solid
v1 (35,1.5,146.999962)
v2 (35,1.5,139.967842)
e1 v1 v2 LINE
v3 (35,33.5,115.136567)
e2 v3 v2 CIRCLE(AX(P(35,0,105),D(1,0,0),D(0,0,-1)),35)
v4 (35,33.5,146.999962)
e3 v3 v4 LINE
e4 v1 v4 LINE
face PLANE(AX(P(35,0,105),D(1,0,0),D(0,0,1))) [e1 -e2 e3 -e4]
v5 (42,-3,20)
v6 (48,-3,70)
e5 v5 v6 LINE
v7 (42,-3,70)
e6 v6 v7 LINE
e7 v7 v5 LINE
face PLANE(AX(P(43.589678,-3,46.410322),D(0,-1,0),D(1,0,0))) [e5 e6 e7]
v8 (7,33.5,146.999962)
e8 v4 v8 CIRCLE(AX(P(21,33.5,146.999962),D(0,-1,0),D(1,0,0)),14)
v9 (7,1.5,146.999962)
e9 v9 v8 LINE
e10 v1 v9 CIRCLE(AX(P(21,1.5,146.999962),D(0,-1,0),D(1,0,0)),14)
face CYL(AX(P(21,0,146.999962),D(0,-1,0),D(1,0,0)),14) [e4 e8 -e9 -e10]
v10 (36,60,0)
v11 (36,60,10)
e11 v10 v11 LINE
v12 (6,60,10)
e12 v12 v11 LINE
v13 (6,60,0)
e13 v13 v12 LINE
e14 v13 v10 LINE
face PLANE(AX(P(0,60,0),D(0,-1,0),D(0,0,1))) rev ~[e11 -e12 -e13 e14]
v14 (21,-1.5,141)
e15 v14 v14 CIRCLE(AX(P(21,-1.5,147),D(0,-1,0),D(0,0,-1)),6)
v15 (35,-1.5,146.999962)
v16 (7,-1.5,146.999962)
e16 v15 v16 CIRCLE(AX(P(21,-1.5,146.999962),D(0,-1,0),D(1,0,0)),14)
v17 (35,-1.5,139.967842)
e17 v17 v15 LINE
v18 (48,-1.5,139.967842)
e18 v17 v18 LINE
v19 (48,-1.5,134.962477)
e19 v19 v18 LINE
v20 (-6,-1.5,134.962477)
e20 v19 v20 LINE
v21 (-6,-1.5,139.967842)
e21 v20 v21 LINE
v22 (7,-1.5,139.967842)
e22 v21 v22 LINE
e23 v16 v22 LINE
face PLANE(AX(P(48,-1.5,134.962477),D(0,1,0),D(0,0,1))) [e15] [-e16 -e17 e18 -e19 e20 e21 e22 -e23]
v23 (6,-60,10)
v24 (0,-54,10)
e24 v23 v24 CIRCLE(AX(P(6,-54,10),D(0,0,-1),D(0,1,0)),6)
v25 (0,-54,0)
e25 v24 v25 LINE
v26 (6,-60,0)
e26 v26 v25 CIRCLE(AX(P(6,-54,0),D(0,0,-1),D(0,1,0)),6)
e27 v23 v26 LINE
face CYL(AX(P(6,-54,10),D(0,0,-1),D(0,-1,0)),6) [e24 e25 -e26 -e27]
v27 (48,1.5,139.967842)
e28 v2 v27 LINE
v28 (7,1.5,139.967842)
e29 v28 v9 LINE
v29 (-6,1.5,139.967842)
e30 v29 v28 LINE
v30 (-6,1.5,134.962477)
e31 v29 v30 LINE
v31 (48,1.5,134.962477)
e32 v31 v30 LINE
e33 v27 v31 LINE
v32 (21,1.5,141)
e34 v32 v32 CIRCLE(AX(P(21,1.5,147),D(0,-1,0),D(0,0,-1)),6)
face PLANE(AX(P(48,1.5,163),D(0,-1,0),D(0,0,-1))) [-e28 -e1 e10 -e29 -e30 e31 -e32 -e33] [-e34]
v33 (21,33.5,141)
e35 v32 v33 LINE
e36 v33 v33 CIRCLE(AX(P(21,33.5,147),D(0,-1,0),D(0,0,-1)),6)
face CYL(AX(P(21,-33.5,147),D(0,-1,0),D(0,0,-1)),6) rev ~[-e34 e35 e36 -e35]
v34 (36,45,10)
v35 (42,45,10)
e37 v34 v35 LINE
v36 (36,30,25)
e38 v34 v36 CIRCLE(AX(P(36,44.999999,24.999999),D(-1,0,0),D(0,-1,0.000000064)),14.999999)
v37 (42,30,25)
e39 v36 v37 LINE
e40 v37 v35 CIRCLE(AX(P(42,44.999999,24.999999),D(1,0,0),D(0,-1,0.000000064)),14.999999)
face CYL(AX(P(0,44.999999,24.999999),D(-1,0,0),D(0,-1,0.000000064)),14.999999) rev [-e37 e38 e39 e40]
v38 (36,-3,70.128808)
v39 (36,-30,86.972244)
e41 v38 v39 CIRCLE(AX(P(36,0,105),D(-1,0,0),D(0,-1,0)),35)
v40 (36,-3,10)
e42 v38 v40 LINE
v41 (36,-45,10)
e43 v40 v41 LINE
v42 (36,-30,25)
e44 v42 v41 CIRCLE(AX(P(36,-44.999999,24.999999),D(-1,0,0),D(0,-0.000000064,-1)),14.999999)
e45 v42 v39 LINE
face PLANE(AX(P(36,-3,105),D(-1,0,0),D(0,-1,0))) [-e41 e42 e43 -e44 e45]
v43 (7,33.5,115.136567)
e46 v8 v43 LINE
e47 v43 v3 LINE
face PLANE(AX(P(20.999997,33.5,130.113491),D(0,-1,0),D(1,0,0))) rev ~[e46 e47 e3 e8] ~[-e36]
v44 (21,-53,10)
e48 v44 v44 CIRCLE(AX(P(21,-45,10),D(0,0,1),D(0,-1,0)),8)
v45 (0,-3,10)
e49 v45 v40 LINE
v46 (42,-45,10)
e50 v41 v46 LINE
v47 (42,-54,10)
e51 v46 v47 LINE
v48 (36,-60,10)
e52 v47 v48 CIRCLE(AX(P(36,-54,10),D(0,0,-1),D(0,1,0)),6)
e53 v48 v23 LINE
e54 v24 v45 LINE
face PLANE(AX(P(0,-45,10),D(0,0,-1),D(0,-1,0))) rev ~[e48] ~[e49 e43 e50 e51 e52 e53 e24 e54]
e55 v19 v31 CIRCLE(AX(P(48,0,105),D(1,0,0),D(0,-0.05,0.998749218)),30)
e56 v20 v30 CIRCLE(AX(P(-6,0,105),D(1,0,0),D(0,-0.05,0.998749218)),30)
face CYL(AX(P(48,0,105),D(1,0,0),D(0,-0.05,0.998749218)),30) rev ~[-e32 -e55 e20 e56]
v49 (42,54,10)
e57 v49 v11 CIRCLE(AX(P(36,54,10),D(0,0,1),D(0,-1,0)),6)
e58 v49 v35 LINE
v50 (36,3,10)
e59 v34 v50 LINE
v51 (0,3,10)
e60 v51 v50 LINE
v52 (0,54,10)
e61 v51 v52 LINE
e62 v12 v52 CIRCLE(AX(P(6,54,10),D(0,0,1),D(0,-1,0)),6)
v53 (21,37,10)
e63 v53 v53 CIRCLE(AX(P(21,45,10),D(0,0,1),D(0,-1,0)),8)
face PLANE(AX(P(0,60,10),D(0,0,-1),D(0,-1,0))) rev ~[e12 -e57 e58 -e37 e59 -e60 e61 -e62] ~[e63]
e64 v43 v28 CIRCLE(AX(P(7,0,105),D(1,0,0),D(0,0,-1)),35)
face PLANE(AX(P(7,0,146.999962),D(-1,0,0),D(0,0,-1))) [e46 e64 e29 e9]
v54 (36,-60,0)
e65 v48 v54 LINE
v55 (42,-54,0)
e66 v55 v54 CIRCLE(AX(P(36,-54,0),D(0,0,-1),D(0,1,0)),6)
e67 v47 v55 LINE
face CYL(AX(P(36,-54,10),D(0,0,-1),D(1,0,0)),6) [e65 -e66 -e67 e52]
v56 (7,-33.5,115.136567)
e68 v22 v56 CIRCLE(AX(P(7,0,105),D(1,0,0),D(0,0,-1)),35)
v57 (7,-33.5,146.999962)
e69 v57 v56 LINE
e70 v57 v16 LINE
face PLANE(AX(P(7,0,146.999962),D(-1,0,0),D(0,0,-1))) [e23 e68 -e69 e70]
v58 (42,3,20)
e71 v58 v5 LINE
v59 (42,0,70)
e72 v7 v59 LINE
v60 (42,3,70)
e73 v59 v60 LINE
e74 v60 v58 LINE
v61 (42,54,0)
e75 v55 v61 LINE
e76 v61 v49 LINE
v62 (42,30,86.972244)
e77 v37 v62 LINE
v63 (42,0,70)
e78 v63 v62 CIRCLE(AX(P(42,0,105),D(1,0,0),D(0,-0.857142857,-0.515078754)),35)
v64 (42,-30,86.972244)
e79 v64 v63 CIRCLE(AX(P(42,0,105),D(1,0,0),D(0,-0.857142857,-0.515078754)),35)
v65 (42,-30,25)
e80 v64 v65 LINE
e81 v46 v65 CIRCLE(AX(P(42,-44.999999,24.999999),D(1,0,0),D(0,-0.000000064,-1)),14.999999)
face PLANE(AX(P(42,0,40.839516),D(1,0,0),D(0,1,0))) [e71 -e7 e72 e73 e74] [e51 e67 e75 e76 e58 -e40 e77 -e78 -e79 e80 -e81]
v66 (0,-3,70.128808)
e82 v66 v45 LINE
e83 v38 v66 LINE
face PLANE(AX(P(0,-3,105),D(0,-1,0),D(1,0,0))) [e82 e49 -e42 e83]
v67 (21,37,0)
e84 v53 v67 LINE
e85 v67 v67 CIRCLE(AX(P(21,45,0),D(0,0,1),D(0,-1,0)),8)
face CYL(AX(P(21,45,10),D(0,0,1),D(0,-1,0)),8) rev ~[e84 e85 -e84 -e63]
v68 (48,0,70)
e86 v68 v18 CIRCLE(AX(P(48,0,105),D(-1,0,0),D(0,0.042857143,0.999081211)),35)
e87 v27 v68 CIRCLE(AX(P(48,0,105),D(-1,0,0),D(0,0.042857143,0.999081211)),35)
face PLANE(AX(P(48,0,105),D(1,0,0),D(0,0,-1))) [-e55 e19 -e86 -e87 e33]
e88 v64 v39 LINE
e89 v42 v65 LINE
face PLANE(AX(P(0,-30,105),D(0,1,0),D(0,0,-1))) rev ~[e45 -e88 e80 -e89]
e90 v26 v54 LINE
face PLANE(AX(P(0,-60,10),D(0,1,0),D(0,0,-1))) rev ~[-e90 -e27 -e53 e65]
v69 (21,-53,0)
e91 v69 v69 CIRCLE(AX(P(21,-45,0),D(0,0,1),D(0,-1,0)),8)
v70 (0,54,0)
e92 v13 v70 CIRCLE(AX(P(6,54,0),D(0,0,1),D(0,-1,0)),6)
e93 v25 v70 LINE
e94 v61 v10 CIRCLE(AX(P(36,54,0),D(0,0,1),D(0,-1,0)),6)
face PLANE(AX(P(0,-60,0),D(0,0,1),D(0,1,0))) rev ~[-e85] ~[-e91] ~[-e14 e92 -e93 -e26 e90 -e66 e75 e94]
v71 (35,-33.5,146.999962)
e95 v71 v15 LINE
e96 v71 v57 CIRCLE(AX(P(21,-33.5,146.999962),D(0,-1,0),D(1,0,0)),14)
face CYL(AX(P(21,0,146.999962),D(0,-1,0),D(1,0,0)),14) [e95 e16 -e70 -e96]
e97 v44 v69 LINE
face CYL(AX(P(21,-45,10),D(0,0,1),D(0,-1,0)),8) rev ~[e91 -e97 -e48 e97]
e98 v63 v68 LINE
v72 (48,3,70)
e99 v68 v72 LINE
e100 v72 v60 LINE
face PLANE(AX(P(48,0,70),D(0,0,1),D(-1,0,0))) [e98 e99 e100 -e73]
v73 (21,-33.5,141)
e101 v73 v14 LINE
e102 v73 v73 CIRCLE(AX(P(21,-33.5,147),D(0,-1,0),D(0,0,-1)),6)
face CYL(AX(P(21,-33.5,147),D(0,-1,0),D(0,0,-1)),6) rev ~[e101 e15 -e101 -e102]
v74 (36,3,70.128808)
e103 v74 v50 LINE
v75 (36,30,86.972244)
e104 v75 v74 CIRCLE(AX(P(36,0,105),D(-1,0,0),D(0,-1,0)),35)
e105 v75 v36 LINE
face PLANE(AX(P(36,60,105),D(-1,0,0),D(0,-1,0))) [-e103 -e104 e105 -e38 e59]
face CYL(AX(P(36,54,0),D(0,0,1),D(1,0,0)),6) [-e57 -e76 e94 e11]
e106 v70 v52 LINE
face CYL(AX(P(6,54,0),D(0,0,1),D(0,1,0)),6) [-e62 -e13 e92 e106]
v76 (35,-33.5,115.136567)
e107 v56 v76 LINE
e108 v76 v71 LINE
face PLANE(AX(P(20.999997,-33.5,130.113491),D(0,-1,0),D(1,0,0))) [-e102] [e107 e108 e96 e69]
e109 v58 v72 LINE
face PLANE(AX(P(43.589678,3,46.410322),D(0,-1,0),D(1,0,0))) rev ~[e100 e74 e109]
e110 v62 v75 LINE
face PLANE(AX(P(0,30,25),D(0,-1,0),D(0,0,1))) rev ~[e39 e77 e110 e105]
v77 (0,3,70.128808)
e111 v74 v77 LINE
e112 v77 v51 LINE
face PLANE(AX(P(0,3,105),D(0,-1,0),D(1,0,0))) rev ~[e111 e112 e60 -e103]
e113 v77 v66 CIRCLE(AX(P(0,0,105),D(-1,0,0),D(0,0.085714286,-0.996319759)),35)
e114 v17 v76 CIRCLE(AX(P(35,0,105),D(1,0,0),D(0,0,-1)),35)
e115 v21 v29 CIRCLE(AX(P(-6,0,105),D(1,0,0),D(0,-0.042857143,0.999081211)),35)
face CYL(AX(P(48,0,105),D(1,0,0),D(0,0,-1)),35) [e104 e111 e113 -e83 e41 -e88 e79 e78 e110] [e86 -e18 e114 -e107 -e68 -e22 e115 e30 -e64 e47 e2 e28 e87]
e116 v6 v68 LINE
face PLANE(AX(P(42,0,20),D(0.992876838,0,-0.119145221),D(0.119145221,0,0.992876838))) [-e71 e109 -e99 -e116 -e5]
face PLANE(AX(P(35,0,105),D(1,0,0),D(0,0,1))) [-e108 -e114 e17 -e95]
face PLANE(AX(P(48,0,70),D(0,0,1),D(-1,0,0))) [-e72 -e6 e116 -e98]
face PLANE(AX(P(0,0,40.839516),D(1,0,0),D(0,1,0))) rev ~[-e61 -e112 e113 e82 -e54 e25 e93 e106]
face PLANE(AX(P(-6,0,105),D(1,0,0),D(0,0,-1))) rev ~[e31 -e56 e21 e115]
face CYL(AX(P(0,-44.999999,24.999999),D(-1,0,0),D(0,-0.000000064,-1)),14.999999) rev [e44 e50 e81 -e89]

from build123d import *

# Parameters (mm, degrees)
PAD_DEPTH       = 42
SKETCH001_W     = 57
SKETCH001_H     = 36
POCKET_DEPTH    = 95
FILLET_R        = 6
FILLET001_R     = 6
FILLET002_R     = 6
FILLET003_R     = 6
SKETCH002_R     = 8
POCKET001_DEPTH = 10.001
POCKET002_DEPTH = 42.001
SKETCH004_R     = 35
PAD001_DEPTH    = 54
PAD002_DEPTH    = 33.5
POCKET003_DEPTH = 54.001
SKETCH008_R     = 6
POCKET004_DEPTH = 93.501
PAD003_DEPTH    = 3


with BuildPart() as part:
    # Sketch → Pad (new body)
    with BuildSketch(Plane.YZ):
        with BuildLine():
            Line((-60, 0), (60, 0))
            Line((60, 0), (60, 10))
            Line((60, 10), (45, 10))
            ThreePointArc((30, 25), (34.393398, 14.393398), (45, 10))
            Line((30, 25), (30, 105))
            Line((30, 105), (-30, 105))
            Line((-30, 105), (-30, 25))
            ThreePointArc((-45, 10), (-34.393398, 14.393398), (-30, 25))
            Line((-45, 10), (-60, 10))
            Line((-60, 10), (-60, 0))
        make_face()
    extrude(amount=PAD_DEPTH)

    # Sketch001 (on Face8 of Pad) → Pocket (cut)
    with BuildSketch(Plane(origin=(0, 0, 105), x_dir=(0, -1, 0), z_dir=(0, 0, 1))):
        with Locations((-31.5, 18)):
            Rectangle(SKETCH001_W, SKETCH001_H)
        with Locations((31.5, 18)):
            Rectangle(SKETCH001_W, SKETCH001_H)
    extrude(amount=-POCKET_DEPTH, mode=Mode.SUBTRACT)

    # Fillet
    fillet_edges = [part.edges().sort_by_distance(p)[0] for p in [
        (42, -60, 5),
    ]]
    fillet(fillet_edges, radius=FILLET_R)

    # Fillet001
    fillet001_edges = [part.edges().sort_by_distance(p)[0] for p in [
        (0, -60, 5),
    ]]
    fillet(fillet001_edges, radius=FILLET001_R)

    # Fillet002
    fillet002_edges = [part.edges().sort_by_distance(p)[0] for p in [
        (42, 60, 5),
    ]]
    fillet(fillet002_edges, radius=FILLET002_R)

    # Fillet003
    fillet003_edges = [part.edges().sort_by_distance(p)[0] for p in [
        (0, 60, 5),
    ]]
    fillet(fillet003_edges, radius=FILLET003_R)

    # Sketch002 (on Face14 of Fillet003) → Pocket001 (cut, through all)
    with BuildSketch(Plane(origin=(0, 0, 10), x_dir=(0, -1, 0), z_dir=(0, 0, 1))):
        with Locations((-45, 21)):
            Circle(SKETCH002_R)
        with Locations((45, 21)):
            Circle(SKETCH002_R)
    extrude(amount=-POCKET001_DEPTH, mode=Mode.SUBTRACT)

    # Sketch003 → Pocket002 (cut, through all)
    with BuildSketch(Plane.YZ):
        with BuildLine():
            ThreePointArc((-35, 105), (0, 70), (35, 105))
            Line((-35, 105), (35, 105))
        make_face()
    extrude(amount=POCKET002_DEPTH, mode=Mode.SUBTRACT)

    # Sketch004 → Pad001 (join)
    with BuildSketch(Plane(origin=(48, 0, 105), x_dir=(0, 0, -1), z_dir=(1, 0, 0))):
        Circle(SKETCH004_R)
    extrude(amount=-PAD001_DEPTH)

    # Sketch006 → Pad002 (join, symmetric)
    with BuildSketch(Plane.XZ):
        with BuildLine():
            Line((7, 146.999962), (7, 104.999962))
            Line((7, 104.999962), (35, 105))
            Line((35, 105), (35, 146.999962))
            ThreePointArc((35, 146.999962), (21, 160.999962), (7, 146.999962))
        make_face()
    extrude(amount=PAD002_DEPTH, both=True)

    # Sketch007 (on Face28 of Pad002) → Pocket003 (cut, through all)
    with BuildSketch(Plane.YZ.offset(48)):
        with BuildLine():
            ThreePointArc((-1.5, 134.962477), (0, 75), (1.5, 134.962477))
            Line((1.5, 163), (1.5, 134.962477))
            Line((-1.5, 163), (1.5, 163))
            Line((-1.5, 134.962477), (-1.5, 163))
        make_face()
    extrude(amount=-POCKET003_DEPTH, mode=Mode.SUBTRACT)

    # Sketch008 (on Face30 of Pocket003) → Pocket004 (cut, through all)
    with BuildSketch(Plane(origin=(0, -33.5, 0), x_dir=(0, 0, -1), z_dir=(0, -1, 0))):
        with Locations((-147, 21)):
            Circle(SKETCH008_R)
    extrude(amount=-POCKET004_DEPTH, mode=Mode.SUBTRACT)

    # Sketch009 → Pad003 (join, symmetric)
    with BuildSketch(Plane.XZ):
        Polygon((42, 70), (42, 20), (48, 70), align=None)
    extrude(amount=PAD003_DEPTH, both=True)


solid = part.part
